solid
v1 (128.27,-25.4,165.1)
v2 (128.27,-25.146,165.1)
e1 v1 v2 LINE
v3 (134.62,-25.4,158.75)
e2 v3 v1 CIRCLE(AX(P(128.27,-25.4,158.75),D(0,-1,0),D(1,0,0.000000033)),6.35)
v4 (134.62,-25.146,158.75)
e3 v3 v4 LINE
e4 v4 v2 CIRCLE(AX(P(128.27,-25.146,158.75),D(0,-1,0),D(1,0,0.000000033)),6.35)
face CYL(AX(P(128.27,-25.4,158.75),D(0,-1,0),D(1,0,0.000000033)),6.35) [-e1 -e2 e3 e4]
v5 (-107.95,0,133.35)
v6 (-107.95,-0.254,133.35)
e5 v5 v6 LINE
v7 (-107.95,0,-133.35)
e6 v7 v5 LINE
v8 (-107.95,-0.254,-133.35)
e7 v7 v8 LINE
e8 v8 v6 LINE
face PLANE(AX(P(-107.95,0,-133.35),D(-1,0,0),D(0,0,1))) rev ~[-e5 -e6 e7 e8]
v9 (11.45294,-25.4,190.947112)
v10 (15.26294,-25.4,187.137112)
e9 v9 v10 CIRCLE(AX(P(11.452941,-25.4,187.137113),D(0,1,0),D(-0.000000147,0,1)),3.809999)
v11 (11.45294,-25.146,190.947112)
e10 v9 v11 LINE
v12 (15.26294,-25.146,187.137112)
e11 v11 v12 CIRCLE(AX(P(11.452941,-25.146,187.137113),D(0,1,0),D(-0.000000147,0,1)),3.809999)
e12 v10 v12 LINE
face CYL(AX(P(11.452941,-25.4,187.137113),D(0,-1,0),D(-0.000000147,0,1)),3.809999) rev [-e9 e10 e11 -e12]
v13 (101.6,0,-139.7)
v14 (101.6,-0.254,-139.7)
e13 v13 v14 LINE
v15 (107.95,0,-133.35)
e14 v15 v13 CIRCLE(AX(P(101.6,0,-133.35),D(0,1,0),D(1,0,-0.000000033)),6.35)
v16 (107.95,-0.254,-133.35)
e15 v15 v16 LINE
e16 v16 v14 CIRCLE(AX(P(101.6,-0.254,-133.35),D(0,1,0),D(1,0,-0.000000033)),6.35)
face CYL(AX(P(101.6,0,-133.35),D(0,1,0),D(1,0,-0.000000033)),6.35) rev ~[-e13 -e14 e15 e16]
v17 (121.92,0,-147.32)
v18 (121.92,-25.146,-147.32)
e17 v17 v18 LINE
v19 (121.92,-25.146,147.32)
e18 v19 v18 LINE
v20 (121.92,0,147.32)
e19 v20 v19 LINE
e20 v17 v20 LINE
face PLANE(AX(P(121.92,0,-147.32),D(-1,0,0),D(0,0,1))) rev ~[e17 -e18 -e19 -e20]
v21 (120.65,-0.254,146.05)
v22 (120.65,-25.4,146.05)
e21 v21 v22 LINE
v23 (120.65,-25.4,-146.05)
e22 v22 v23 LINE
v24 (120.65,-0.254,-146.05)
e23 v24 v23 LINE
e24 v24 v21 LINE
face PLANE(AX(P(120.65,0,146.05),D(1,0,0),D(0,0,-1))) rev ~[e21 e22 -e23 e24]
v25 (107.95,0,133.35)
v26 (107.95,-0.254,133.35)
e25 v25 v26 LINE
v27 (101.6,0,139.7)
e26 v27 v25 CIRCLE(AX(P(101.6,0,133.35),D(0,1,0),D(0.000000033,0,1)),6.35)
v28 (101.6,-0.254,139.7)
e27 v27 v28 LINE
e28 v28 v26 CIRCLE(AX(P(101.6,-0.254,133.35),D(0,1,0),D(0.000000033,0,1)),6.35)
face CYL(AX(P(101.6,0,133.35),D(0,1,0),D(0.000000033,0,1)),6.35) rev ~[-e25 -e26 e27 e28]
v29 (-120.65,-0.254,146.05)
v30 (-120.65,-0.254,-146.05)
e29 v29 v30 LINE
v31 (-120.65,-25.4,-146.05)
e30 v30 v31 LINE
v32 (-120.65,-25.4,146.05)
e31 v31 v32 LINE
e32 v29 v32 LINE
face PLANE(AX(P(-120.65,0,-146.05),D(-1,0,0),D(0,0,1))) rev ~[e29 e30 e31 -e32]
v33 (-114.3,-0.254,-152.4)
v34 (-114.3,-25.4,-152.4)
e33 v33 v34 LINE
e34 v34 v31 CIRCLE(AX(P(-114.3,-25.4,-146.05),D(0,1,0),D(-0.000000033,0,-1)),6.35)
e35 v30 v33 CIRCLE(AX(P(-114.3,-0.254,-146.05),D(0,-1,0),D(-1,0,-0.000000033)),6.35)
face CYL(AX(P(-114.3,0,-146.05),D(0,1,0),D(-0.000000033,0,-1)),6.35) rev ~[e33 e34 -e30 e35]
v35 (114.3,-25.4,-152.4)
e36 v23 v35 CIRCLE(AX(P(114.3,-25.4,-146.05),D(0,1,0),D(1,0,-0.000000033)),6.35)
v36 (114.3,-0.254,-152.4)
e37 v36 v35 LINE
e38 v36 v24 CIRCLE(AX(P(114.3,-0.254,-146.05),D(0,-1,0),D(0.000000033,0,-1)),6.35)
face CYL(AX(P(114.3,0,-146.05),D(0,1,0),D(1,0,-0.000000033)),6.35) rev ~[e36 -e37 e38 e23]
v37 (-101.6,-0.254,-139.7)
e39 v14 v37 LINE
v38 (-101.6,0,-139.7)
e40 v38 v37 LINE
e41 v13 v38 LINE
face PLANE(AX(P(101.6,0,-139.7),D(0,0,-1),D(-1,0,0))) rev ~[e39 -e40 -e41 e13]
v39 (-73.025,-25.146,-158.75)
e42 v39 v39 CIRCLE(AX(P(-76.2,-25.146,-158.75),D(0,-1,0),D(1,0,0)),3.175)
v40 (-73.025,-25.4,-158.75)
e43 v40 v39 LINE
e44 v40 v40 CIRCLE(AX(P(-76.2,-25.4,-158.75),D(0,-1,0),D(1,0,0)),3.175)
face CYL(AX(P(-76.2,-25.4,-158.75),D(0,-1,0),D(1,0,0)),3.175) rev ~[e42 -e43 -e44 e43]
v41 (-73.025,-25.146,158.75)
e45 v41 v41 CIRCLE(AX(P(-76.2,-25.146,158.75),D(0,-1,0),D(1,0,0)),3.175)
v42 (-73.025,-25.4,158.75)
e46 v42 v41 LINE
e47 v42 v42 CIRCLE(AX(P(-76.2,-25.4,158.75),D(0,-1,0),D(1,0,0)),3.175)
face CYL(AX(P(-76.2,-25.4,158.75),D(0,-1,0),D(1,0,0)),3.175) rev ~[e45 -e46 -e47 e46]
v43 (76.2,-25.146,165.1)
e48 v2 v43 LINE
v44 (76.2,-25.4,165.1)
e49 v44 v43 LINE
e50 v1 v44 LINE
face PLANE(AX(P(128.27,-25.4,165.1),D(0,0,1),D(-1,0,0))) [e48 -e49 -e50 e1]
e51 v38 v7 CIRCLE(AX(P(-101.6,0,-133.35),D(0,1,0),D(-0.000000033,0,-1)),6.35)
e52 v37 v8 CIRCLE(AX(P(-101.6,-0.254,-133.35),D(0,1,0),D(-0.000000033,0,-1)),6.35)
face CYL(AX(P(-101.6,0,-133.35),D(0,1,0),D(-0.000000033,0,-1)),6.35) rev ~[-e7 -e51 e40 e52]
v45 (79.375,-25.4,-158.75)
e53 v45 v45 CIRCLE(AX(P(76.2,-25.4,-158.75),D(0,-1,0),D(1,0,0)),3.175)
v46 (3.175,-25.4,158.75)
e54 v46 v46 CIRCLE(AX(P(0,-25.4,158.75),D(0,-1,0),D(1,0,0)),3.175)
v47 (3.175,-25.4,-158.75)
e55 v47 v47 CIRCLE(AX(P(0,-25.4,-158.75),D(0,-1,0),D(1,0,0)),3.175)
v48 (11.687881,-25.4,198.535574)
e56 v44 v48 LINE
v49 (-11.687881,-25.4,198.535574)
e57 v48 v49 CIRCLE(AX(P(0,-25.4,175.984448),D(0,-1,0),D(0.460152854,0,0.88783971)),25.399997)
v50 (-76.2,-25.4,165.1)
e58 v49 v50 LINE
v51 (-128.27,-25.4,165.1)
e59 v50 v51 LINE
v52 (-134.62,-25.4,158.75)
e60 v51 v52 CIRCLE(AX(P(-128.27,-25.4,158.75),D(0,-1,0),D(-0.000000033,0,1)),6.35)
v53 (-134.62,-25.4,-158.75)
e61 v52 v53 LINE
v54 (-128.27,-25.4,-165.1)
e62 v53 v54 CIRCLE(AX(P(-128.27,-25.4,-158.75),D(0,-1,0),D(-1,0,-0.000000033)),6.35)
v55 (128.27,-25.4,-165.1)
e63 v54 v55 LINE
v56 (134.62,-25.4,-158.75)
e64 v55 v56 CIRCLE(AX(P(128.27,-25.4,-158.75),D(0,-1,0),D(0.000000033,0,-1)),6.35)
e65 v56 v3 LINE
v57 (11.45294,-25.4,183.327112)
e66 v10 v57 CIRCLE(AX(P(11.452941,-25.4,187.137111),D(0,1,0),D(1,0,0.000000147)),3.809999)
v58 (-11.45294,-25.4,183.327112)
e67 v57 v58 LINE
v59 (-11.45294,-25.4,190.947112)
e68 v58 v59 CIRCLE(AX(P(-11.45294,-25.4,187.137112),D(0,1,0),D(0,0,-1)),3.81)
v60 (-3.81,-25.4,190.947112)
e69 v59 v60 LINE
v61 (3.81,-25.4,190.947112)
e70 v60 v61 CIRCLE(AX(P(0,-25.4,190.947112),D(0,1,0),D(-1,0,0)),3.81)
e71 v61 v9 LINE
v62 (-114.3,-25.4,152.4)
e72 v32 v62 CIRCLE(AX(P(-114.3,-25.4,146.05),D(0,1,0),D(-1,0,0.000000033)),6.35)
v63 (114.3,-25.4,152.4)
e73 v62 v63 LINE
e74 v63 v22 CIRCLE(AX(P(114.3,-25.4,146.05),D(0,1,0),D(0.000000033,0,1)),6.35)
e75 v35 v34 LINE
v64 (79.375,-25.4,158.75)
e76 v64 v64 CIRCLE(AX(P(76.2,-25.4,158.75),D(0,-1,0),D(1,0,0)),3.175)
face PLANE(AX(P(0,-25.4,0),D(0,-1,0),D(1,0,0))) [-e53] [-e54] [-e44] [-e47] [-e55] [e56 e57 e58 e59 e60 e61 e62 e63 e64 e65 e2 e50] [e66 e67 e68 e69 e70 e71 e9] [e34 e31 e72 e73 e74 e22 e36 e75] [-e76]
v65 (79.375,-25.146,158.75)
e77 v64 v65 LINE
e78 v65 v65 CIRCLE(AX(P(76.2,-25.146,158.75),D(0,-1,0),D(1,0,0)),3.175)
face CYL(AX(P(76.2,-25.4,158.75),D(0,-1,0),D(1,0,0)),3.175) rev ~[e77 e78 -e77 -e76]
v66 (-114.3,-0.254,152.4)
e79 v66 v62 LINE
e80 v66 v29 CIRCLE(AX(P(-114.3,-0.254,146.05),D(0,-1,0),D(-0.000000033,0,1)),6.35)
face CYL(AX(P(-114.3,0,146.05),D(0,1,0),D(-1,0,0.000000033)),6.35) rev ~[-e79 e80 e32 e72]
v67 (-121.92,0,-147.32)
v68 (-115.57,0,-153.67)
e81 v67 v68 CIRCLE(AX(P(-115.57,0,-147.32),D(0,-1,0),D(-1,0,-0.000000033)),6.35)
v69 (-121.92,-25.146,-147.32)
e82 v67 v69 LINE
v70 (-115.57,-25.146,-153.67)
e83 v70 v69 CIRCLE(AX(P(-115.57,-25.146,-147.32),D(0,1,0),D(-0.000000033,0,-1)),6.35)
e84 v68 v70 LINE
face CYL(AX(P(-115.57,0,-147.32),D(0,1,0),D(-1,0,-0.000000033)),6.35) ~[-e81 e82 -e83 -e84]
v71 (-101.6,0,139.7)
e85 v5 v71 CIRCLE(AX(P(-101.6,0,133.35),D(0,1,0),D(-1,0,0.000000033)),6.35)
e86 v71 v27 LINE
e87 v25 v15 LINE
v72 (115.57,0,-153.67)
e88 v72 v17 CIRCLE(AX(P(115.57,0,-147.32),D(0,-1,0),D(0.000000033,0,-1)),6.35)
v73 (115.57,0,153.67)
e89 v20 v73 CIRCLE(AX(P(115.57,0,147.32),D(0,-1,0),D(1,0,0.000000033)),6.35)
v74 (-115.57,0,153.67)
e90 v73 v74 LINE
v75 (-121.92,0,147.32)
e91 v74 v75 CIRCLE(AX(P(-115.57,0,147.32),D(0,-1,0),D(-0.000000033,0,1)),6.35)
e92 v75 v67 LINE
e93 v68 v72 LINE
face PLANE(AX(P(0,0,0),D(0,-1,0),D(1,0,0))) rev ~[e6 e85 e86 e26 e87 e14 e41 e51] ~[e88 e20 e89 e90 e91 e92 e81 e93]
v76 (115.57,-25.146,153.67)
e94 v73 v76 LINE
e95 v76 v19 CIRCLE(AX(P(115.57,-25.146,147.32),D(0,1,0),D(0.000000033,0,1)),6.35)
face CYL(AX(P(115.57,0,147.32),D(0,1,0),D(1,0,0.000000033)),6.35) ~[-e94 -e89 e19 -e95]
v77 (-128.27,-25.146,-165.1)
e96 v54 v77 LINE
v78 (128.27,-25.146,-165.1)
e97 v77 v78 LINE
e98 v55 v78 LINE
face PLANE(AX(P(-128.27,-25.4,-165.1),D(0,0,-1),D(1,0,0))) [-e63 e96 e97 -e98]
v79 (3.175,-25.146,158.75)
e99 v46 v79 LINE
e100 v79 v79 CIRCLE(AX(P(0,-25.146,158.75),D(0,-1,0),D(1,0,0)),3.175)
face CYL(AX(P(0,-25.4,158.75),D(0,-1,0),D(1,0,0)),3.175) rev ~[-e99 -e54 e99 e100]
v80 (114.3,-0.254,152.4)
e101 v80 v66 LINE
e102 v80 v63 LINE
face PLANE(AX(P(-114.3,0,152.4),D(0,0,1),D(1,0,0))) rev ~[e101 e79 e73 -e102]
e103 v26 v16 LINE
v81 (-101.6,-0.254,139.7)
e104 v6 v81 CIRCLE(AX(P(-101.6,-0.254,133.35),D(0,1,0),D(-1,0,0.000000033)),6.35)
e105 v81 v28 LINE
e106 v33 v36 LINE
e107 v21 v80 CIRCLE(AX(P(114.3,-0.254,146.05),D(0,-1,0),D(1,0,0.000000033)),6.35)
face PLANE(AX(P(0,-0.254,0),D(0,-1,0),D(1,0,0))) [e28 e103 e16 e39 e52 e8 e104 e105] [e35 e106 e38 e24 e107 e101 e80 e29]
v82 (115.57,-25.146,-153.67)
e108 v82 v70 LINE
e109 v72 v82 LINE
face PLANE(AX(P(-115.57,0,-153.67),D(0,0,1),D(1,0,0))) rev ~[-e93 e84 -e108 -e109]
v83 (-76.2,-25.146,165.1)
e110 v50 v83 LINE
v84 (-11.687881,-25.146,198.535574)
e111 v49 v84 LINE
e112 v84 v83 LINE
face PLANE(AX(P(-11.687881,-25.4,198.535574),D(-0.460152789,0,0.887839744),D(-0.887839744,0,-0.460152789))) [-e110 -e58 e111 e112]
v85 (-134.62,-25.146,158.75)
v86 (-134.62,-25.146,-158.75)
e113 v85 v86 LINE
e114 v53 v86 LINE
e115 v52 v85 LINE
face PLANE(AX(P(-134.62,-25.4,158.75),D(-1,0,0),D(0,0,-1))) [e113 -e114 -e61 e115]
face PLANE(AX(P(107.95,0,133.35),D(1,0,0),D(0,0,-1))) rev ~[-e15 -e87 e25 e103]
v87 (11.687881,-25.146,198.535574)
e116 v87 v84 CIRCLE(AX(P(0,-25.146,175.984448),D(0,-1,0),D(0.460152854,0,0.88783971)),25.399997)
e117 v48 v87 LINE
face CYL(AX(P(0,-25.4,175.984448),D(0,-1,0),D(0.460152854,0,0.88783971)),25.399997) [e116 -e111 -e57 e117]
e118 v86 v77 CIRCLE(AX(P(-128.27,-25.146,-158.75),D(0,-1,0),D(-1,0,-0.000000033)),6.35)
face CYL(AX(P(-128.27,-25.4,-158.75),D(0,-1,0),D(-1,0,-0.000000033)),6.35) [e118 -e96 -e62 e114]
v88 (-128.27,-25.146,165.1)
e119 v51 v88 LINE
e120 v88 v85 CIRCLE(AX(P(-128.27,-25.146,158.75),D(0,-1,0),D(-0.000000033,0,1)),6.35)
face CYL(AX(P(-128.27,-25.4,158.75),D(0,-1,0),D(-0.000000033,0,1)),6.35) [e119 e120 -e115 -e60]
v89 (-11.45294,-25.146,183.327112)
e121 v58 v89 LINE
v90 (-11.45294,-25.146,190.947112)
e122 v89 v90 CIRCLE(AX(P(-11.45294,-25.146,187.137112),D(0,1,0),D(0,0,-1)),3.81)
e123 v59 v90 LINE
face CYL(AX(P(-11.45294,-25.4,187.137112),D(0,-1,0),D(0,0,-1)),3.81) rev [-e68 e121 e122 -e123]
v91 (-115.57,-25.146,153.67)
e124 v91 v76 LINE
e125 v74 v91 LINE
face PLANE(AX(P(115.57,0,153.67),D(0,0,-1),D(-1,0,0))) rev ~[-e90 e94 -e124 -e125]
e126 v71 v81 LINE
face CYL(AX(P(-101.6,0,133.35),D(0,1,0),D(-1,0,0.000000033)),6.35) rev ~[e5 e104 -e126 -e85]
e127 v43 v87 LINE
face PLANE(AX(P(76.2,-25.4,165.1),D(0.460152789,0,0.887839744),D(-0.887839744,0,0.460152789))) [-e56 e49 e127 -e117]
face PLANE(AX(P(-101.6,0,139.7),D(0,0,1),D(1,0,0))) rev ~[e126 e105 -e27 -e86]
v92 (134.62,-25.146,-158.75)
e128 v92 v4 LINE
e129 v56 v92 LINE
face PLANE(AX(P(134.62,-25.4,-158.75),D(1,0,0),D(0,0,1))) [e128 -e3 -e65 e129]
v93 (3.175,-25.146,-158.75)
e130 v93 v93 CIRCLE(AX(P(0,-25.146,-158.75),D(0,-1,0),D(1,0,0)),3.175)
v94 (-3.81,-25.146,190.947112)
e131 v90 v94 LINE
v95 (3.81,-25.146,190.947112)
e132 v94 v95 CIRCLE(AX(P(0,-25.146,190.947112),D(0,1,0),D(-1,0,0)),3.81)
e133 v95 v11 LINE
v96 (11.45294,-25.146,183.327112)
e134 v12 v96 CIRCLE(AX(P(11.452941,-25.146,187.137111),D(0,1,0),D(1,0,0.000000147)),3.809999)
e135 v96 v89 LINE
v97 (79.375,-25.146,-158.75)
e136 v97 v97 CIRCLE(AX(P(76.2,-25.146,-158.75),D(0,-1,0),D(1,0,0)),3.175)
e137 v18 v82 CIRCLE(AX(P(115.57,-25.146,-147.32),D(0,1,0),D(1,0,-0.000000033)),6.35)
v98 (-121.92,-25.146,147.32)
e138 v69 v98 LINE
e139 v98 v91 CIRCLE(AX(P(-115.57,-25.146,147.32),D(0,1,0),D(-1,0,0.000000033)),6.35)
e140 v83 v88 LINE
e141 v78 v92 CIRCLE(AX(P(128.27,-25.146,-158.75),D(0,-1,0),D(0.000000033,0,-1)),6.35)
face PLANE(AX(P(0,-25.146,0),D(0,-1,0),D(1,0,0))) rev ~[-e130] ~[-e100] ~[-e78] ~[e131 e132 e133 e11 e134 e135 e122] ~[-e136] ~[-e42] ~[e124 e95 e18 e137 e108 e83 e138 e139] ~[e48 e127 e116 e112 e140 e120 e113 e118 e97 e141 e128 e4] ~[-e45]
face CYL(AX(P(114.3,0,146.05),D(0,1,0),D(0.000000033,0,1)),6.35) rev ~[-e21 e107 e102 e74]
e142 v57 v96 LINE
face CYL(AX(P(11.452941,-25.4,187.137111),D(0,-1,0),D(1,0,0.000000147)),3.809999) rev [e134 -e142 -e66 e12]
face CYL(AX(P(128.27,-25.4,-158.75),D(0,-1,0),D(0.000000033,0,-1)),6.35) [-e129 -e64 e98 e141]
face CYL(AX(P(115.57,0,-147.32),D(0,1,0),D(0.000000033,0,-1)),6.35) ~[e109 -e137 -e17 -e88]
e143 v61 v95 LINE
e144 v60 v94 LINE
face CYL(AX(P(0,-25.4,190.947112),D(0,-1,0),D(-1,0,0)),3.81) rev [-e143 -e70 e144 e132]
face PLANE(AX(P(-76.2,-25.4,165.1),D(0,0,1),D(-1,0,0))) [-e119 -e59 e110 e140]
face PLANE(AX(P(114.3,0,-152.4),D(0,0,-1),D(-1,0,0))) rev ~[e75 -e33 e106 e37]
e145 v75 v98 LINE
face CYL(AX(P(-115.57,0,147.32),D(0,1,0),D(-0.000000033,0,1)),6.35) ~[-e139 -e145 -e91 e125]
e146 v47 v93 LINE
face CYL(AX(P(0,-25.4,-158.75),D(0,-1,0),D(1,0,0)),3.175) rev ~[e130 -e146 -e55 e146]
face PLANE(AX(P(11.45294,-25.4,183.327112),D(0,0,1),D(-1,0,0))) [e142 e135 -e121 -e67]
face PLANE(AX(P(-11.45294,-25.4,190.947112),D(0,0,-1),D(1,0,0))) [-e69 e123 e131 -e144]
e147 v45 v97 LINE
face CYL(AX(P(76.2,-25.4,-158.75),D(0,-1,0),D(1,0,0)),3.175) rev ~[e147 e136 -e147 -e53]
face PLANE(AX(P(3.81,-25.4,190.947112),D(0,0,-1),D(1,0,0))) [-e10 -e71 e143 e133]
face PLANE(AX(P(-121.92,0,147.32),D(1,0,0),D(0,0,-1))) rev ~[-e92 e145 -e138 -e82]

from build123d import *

# Parameters (mm, degrees)
F1_DEPTH = 25.4
F2_DEPTH = 0.254
F3_R     = 3.175
F4_DEPTH = 0.254


with BuildPart() as f1:
    # F0 (on Front) → F1 (new body)
    with BuildSketch(Plane.XZ):
        with BuildLine():
            Line((-115.57, -153.67), (115.57, -153.67))
            ThreePointArc((115.57, -153.67), (120.060128, -151.810128), (121.92, -147.32))
            Line((121.92, -147.32), (121.92, 147.32))
            ThreePointArc((121.92, 147.32), (120.060128, 151.810128), (115.57, 153.67))
            Line((115.57, 153.67), (-115.57, 153.67))
            ThreePointArc((-115.57, 153.67), (-120.060128, 151.810128), (-121.92, 147.32))
            Line((-121.92, 147.32), (-121.92, -147.32))
            ThreePointArc((-121.92, -147.32), (-120.060128, -151.810128), (-115.57, -153.67))
        make_face()
        with BuildLine():
            ThreePointArc((120.65, -146.05), (118.790128, -150.540128), (114.3, -152.4))
            Line((114.3, -152.4), (-114.3, -152.4))
            ThreePointArc((-114.3, -152.4), (-118.790128, -150.540128), (-120.65, -146.05))
            Line((-120.65, -146.05), (-120.65, 146.05))
            ThreePointArc((-120.65, 146.05), (-118.790128, 150.540128), (-114.3, 152.4))
            Line((-114.3, 152.4), (114.3, 152.4))
            ThreePointArc((114.3, 152.4), (118.790128, 150.540128), (120.65, 146.05))
            Line((120.65, 146.05), (120.65, -146.05))
        make_face(mode=Mode.SUBTRACT)
    extrude(amount=F1_DEPTH)

    # F0 (on Front) → F2 (join)
    with BuildSketch(Plane.XZ):
        with BuildLine():
            Line((-114.3, -152.4), (114.3, -152.4))
            ThreePointArc((114.3, -152.4), (118.790128, -150.540128), (120.65, -146.05))
            Line((120.65, -146.05), (120.65, 146.05))
            ThreePointArc((120.65, 146.05), (118.790128, 150.540128), (114.3, 152.4))
            Line((114.3, 152.4), (-114.3, 152.4))
            ThreePointArc((-114.3, 152.4), (-118.790128, 150.540128), (-120.65, 146.05))
            Line((-120.65, 146.05), (-120.65, -146.05))
            ThreePointArc((-120.65, -146.05), (-118.790128, -150.540128), (-114.3, -152.4))
        make_face()
        with BuildLine():
            ThreePointArc((107.95, -133.35), (106.090128, -137.840128), (101.6, -139.7))
            Line((101.6, -139.7), (-101.6, -139.7))
            ThreePointArc((-101.6, -139.7), (-106.090128, -137.840128), (-107.95, -133.35))
            Line((-107.95, -133.35), (-107.95, 133.35))
            ThreePointArc((-107.95, 133.35), (-106.090128, 137.840128), (-101.6, 139.7))
            Line((-101.6, 139.7), (101.6, 139.7))
            ThreePointArc((101.6, 139.7), (106.090128, 137.840128), (107.95, 133.35))
            Line((107.95, 133.35), (107.95, -133.35))
        make_face(mode=Mode.SUBTRACT)
    extrude(amount=F2_DEPTH)

    # F3 (on face) → F4 (join)
    with BuildSketch(Plane.XZ.offset(25.4)):
        with BuildLine():
            Line((-121.92, 147.32), (-121.92, -147.32))
            ThreePointArc((-121.92, -147.32), (-120.060128, -151.810128), (-115.57, -153.67))
            Line((-115.57, -153.67), (115.57, -153.67))
            ThreePointArc((115.57, -153.67), (120.060128, -151.810128), (121.92, -147.32))
            Line((121.92, -147.32), (121.92, 147.32))
            ThreePointArc((121.92, 147.32), (120.060128, 151.810128), (115.57, 153.67))
            Line((115.57, 153.67), (-115.57, 153.67))
            ThreePointArc((-115.57, 153.67), (-120.060128, 151.810128), (-121.92, 147.32))
        make_face()
        with BuildLine():
            Line((120.65, 146.05), (120.65, -146.05))
            ThreePointArc((120.65, -146.05), (118.790128, -150.540128), (114.3, -152.4))
            Line((114.3, -152.4), (-114.3, -152.4))
            ThreePointArc((-114.3, -152.4), (-118.790128, -150.540128), (-120.65, -146.05))
            Line((-120.65, -146.05), (-120.65, 146.05))
            ThreePointArc((-120.65, 146.05), (-118.790128, 150.540128), (-114.3, 152.4))
            Line((-114.3, 152.4), (114.3, 152.4))
            ThreePointArc((114.3, 152.4), (118.790128, 150.540128), (120.65, 146.05))
        make_face(mode=Mode.SUBTRACT)
        with BuildLine():
            Line((-128.27, -165.1), (128.27, -165.1))
            ThreePointArc((128.27, -165.1), (132.760128, -163.240128), (134.62, -158.75))
            Line((134.62, -158.75), (134.62, 158.75))
            ThreePointArc((134.62, 158.75), (132.760128, 163.240128), (128.27, 165.1))
            Line((128.27, 165.1), (76.2, 165.1))
            Line((76.2, 165.1), (11.687881, 198.535574))
            ThreePointArc((11.687881, 198.535574), (0, 201.384445), (-11.687881, 198.535574))
            Line((-11.687881, 198.535574), (-76.2, 165.1))
            Line((-76.2, 165.1), (-128.27, 165.1))
            ThreePointArc((-128.27, 165.1), (-132.760128, 163.240128), (-134.62, 158.75))
            Line((-134.62, 158.75), (-134.62, -158.75))
            ThreePointArc((-134.62, -158.75), (-132.760128, -163.240128), (-128.27, -165.1))
        make_face()
        with Locations((-76.2, -158.75)):
            Circle(F3_R, mode=Mode.SUBTRACT)
        with Locations((0, -158.75)):
            Circle(F3_R, mode=Mode.SUBTRACT)
        with Locations((76.2, -158.75)):
            Circle(F3_R, mode=Mode.SUBTRACT)
        with BuildLine():
            ThreePointArc((-115.57, -153.67), (-120.060128, -151.810128), (-121.92, -147.32))
            Line((-121.92, -147.32), (-121.92, 147.32))
            ThreePointArc((-121.92, 147.32), (-120.060128, 151.810128), (-115.57, 153.67))
            Line((-115.57, 153.67), (115.57, 153.67))
            ThreePointArc((115.57, 153.67), (120.060128, 151.810128), (121.92, 147.32))
            Line((121.92, 147.32), (121.92, -147.32))
            ThreePointArc((121.92, -147.32), (120.060128, -151.810128), (115.57, -153.67))
            Line((115.57, -153.67), (-115.57, -153.67))
        make_face(mode=Mode.SUBTRACT)
        with Locations((-76.2, 158.75)):
            Circle(F3_R, mode=Mode.SUBTRACT)
        with Locations((0, 158.75)):
            Circle(F3_R, mode=Mode.SUBTRACT)
        with BuildLine():
            ThreePointArc((-3.81, 190.947112), (0, 194.757112), (3.81, 190.947112))
            Line((3.81, 190.947112), (11.45294, 190.947112))
            ThreePointArc((11.45294, 190.947112), (14.147017, 189.831189), (15.26294, 187.137112))
            ThreePointArc((15.26294, 187.137112), (14.147017, 184.443035), (11.45294, 183.327112))
            Line((11.45294, 183.327112), (-11.45294, 183.327112))
            ThreePointArc((-11.45294, 183.327112), (-15.26294, 187.137112), (-11.45294, 190.947112))
            Line((-11.45294, 190.947112), (-3.81, 190.947112))
        make_face(mode=Mode.SUBTRACT)
        with Locations((76.2, 158.75)):
            Circle(F3_R, mode=Mode.SUBTRACT)
    extrude(amount=-F4_DEPTH)


solid = f1.part
